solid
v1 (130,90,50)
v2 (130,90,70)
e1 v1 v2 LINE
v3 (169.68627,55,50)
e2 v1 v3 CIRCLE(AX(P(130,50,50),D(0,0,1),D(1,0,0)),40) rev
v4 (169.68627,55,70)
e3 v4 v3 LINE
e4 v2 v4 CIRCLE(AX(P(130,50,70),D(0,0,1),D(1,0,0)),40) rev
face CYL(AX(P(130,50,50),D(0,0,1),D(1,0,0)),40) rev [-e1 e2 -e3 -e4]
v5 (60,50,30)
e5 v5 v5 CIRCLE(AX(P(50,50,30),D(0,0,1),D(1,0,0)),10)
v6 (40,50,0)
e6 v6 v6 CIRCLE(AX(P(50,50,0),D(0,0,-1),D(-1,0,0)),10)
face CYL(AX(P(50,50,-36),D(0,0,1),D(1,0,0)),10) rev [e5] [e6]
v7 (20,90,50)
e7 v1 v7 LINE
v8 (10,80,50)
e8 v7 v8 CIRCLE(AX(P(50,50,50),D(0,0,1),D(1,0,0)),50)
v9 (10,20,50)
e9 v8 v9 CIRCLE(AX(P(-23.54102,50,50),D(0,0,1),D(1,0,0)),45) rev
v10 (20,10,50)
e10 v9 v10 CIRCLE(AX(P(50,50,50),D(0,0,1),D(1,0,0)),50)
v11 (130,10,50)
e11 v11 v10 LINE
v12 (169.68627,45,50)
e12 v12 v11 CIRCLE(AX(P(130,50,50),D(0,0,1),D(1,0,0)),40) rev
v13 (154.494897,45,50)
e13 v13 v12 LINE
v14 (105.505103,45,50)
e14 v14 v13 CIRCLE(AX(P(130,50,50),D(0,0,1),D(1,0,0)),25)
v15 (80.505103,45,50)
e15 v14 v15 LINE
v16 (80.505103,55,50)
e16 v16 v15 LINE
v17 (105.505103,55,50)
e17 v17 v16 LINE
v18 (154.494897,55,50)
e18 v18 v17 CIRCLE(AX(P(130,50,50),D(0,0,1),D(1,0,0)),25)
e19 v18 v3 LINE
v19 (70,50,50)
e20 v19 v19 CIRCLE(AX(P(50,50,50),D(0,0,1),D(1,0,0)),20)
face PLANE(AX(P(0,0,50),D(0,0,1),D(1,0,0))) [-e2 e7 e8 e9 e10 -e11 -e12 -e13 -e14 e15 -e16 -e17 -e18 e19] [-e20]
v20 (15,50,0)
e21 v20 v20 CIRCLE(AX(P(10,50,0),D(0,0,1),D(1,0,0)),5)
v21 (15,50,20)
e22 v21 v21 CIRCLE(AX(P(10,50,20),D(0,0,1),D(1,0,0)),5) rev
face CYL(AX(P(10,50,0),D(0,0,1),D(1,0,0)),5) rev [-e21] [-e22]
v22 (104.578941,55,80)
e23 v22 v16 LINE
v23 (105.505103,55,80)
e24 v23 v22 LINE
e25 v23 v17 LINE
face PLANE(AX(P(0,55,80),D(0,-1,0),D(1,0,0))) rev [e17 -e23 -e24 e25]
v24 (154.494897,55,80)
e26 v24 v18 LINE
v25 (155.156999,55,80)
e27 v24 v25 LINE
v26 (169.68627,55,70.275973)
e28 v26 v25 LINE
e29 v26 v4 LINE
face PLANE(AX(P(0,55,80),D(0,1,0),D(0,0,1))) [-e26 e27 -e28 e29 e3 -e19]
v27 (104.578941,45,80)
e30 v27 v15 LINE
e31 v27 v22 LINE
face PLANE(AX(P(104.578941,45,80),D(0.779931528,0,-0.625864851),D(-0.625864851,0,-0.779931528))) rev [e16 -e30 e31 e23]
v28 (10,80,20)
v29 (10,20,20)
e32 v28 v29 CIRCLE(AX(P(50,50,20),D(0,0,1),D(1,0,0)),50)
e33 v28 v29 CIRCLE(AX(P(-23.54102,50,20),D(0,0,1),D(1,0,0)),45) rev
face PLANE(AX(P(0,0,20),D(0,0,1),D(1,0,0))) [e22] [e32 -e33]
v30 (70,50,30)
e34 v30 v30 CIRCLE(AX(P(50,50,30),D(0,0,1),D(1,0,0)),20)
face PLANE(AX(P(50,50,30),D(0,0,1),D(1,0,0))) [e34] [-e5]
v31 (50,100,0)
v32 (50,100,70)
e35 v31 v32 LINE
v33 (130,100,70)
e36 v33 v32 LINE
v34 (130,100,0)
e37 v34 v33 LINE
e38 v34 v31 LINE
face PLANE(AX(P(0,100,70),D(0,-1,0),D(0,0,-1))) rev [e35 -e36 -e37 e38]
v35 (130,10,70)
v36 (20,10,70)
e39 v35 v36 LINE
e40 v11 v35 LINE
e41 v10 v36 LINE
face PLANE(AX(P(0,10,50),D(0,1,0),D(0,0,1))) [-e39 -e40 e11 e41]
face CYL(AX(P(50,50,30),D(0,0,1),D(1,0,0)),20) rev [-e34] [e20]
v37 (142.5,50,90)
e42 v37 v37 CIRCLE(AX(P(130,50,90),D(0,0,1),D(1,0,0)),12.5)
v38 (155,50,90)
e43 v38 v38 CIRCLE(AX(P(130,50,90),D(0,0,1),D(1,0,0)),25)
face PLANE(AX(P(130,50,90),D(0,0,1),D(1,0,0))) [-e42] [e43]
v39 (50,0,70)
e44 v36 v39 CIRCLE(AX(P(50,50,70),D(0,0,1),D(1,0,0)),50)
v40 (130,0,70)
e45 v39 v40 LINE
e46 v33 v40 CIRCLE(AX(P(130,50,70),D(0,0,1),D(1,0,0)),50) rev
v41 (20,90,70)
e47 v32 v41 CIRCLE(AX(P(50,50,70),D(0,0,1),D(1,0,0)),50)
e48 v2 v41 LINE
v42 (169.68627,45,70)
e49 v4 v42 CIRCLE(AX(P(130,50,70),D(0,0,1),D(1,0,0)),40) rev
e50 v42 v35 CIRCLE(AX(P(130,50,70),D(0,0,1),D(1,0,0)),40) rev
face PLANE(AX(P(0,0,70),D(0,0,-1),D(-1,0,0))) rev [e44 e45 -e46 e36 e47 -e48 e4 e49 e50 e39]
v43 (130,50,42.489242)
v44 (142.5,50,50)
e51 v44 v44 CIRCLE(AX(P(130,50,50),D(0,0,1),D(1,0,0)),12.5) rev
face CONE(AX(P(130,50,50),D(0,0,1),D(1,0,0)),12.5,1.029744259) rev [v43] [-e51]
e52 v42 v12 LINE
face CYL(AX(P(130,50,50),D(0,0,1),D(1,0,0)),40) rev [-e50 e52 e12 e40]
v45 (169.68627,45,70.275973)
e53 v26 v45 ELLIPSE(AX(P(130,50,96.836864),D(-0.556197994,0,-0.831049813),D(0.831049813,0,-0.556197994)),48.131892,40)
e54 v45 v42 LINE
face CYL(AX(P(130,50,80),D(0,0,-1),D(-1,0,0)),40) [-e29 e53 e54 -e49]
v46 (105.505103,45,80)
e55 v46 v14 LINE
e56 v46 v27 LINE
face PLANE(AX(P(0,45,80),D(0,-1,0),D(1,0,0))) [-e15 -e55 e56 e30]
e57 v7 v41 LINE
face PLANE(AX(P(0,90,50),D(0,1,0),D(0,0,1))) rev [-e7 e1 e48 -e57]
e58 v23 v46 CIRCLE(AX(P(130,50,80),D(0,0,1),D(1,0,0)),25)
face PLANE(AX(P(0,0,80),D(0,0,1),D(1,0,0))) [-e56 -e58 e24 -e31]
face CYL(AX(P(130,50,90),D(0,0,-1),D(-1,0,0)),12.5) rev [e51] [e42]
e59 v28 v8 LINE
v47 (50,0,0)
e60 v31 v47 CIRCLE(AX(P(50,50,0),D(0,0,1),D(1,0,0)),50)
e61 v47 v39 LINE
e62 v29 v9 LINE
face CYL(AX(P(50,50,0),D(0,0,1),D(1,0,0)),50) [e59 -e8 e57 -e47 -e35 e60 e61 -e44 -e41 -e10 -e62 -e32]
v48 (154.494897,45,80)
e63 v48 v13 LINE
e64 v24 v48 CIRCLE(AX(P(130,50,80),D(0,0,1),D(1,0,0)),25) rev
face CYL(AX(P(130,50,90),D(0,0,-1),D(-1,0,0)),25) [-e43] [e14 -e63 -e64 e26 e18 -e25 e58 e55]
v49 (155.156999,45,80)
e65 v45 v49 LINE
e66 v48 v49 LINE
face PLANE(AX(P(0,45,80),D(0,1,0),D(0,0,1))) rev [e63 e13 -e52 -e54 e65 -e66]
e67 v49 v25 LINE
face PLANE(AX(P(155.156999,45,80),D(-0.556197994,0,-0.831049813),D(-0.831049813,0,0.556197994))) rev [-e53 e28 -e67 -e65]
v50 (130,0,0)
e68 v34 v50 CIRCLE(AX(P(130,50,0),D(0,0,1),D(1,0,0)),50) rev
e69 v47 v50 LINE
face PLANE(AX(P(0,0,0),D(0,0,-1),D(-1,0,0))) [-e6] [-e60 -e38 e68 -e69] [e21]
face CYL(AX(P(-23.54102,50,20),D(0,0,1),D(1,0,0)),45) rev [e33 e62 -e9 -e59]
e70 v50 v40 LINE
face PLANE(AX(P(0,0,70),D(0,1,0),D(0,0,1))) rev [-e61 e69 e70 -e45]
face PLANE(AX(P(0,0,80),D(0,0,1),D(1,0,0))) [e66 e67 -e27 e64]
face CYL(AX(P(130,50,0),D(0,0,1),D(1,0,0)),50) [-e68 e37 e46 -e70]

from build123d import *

# Parameters (mm, degrees)
SKETCH1_W                  = 180
SKETCH1_H                  = 100
BOSS_EXTRUDE2_DEPTH        = 70
CUT_EXTRUDE1_DEPTH         = 70
SKETCH3_R                  = 5
CUT_EXTRUDE2_DEPTH         = 70
SKETCH4_R                  = 5
CUT_EXTRUDE3_DEPTH         = 50
SKETCH5_R                  = 10
CUT_EXTRUDE4_DEPTH         = 106
SKETCH6_R                  = 15
CUT_EXTRUDE5_DEPTH         = 40
SKETCH8_R                  = 15
SKETCH8_R_2                = 12.5
BOSS_EXTRUDE3_DEPTH        = 40
SKETCH10_R                 = 12.5
BOSS_EXTRUDE4_DEPTH        = 65
F_25_0MM_DOWEL_HOLE2_D     = 25
F_25_0MM_DOWEL_HOLE2_DEPTH = 20
F_25_0MM_DOWEL_HOLE2_TIP   = 7.510757738
SKETCH12_R                 = 10
SKETCH12_R_2               = 12.5
CUT_EXTRUDE6_DEPTH         = 20
SKETCH13_R                 = 25
SKETCH13_R_2               = 12.5
BOSS_EXTRUDE5_DEPTH        = 40
SKETCH14_R                 = 20
SKETCH14_R_2               = 10
CUT_EXTRUDE7_DEPTH         = 20
BOSS_EXTRUDE10_DEPTH       = 30
BOSS_EXTRUDE13_DEPTH       = 30
CUT_EXTRUDE8_DEPTH         = 5


with BuildPart() as part:
    # Sketch1 → Boss-Extrude2 (new body)
    with BuildSketch(Plane.XY):
        with Locations((90, 50)):
            Rectangle(SKETCH1_W, SKETCH1_H)
    extrude(amount=BOSS_EXTRUDE2_DEPTH)

    # Sketch2 → Cut-Extrude1 (cut)
    with BuildSketch(Plane.XY.offset(70)):
        with BuildLine():
            Line((50, 100), (0, 100))
            Line((0, 100), (0, 50))
            ThreePointArc((0, 50), (14.644660941, 85.355339059), (50, 100))
        make_face()
        with BuildLine():
            ThreePointArc((50, 0), (14.644660941, 14.644660941), (0, 50))
            Line((0, 50), (0, 0))
            Line((0, 0), (50, 0))
        make_face()
        with BuildLine():
            Line((180, 0), (180, 50))
            ThreePointArc((180, 50), (165.355339059, 14.644660941), (130, 0))
            Line((130, 0), (180, 0))
        make_face()
        with BuildLine():
            Line((180, 100), (130, 100))
            ThreePointArc((130, 100), (165.355339059, 85.355339059), (180, 50))
            Line((180, 50), (180, 100))
        make_face()
    extrude(amount=-CUT_EXTRUDE1_DEPTH, mode=Mode.SUBTRACT)

    # Sketch3 → Cut-Extrude2 (cut)
    with BuildSketch(Plane.XY.offset(70)):
        with Locations((10, 50)):
            Circle(SKETCH3_R)
    extrude(amount=-CUT_EXTRUDE2_DEPTH, mode=Mode.SUBTRACT)

    # Sketch4 → Cut-Extrude3 (cut)
    with BuildSketch(Plane.XY.offset(70)):
        with BuildLine():
            ThreePointArc((10, 20), (21.458980338, 50), (10, 80))
            ThreePointArc((10, 80), (0, 50), (10, 20))
        make_face()
        with Locations((10, 50)):
            Circle(SKETCH4_R, mode=Mode.SUBTRACT)
    extrude(amount=-CUT_EXTRUDE3_DEPTH, mode=Mode.SUBTRACT)

    # Sketch5 → Cut-Extrude4 (cut)
    with BuildSketch(Plane.XY.offset(70)):
        with Locations((50, 50)):
            Circle(SKETCH5_R)
    extrude(amount=-CUT_EXTRUDE4_DEPTH, mode=Mode.SUBTRACT)

    # Sketch6 → Cut-Extrude5 (cut)
    with BuildSketch(Plane.XY.offset(70)):
        with Locations((130, 50)):
            Circle(SKETCH6_R)
    extrude(amount=-CUT_EXTRUDE5_DEPTH, mode=Mode.SUBTRACT)

    # Sketch8 → Boss-Extrude3 (add)
    with BuildSketch(Plane.XY.offset(70)):
        with Locations((130, 50)):
            Circle(SKETCH8_R)
        with Locations((130, 50)):
            Circle(SKETCH8_R_2, mode=Mode.SUBTRACT)
    extrude(amount=-BOSS_EXTRUDE3_DEPTH)

    # Sketch10 → Boss-Extrude4 (add)
    with BuildSketch(Plane.XY.offset(70)):
        with Locations((130, 50)):
            Circle(SKETCH10_R)
    extrude(amount=-BOSS_EXTRUDE4_DEPTH)

    # Ø25.0mm Dowel Hole2
    with Locations(Plane(origin=(130, 50, 70), x_dir=(1, 0, 0), z_dir=(0, 0, 1))):
        with Locations((0, 0)):
            Hole(F_25_0MM_DOWEL_HOLE2_D / 2, depth=F_25_0MM_DOWEL_HOLE2_DEPTH)
            with Locations((0, 0, -(F_25_0MM_DOWEL_HOLE2_DEPTH + F_25_0MM_DOWEL_HOLE2_TIP / 2))):  # 118° drill point
                Cone(0, F_25_0MM_DOWEL_HOLE2_D / 2, F_25_0MM_DOWEL_HOLE2_TIP, mode=Mode.SUBTRACT)

    # Sketch12 → Cut-Extrude6 (cut)
    with BuildSketch(Plane.XY.offset(70)):
        with BuildLine():
            ThreePointArc((130, 10), (170, 50), (130, 90))
            Line((130, 90), (20, 90))
            ThreePointArc((20, 90), (14.644660941, 85.355339059), (10, 80))
            ThreePointArc((10, 80), (21.458980338, 50), (10, 20))
            ThreePointArc((10, 20), (14.644660941, 14.644660941), (20, 10))
            Line((20, 10), (130, 10))
        make_face()
        with Locations((50, 50)):
            Circle(SKETCH12_R, mode=Mode.SUBTRACT)
        with Locations((130, 50)):
            Circle(SKETCH12_R_2, mode=Mode.SUBTRACT)
    extrude(amount=-CUT_EXTRUDE6_DEPTH, mode=Mode.SUBTRACT)

    # Sketch13 → Boss-Extrude5 (add)
    with BuildSketch(Plane.XY.offset(50)):
        with Locations((130, 50)):
            Circle(SKETCH13_R)
        with Locations((130, 50)):
            Circle(SKETCH13_R_2, mode=Mode.SUBTRACT)
    extrude(amount=BOSS_EXTRUDE5_DEPTH)

    # Sketch14 → Cut-Extrude7 (cut)
    with BuildSketch(Plane.XY.offset(50)):
        with Locations((50, 50)):
            Circle(SKETCH14_R)
        with Locations((50, 50)):
            Circle(SKETCH14_R_2, mode=Mode.SUBTRACT)
    extrude(amount=-CUT_EXTRUDE7_DEPTH, mode=Mode.SUBTRACT)

    # Sketch15 → Boss-Extrude10 (add)
    with BuildSketch(Plane.XY.offset(50)):
        with BuildLine():
            Line((105.505102572, 45), (105.505102572, 55))
            ThreePointArc((105.505102572, 55), (105, 50), (105.505102572, 45))
        make_face()
        with BuildLine():
            ThreePointArc((105.505102572, 45), (105, 50), (105.505102572, 55))
            Line((105.505102572, 55), (80.505102572, 55))
            Line((80.505102572, 55), (80.505102572, 45))
            Line((80.505102572, 45), (105.505102572, 45))
        make_face()
    extrude(amount=BOSS_EXTRUDE10_DEPTH)

    # Sketch16 → Boss-Extrude13 (add)
    with BuildSketch(Plane.XY.offset(50)):
        with BuildLine():
            Line((169.686269666, 55), (154.494897428, 55))
            ThreePointArc((154.494897428, 55), (155, 50), (154.494897428, 45))
            Line((154.494897428, 45), (169.686269666, 45))
            ThreePointArc((169.686269666, 45), (169.921490369, 47.495083498), (170, 50))
            ThreePointArc((170, 50), (169.921490369, 52.504916502), (169.686269666, 55))
        make_face()
    extrude(amount=BOSS_EXTRUDE13_DEPTH)

    # Sketch18 → Cut-Extrude8 (cut, symmetric)
    with BuildSketch(Plane(origin=(0, 50, 0), x_dir=(1, 0, 0), z_dir=(0, 1, 0))):
        Polygon((155.156999003, -80), (170.098617307, -70), (170.098617307, -80), align=None)
        Polygon((104.578940911, -80), (80.505102572, -50), (80.505102572, -80), align=None)
    extrude(amount=CUT_EXTRUDE8_DEPTH, both=True, mode=Mode.SUBTRACT)


solid = part.part
